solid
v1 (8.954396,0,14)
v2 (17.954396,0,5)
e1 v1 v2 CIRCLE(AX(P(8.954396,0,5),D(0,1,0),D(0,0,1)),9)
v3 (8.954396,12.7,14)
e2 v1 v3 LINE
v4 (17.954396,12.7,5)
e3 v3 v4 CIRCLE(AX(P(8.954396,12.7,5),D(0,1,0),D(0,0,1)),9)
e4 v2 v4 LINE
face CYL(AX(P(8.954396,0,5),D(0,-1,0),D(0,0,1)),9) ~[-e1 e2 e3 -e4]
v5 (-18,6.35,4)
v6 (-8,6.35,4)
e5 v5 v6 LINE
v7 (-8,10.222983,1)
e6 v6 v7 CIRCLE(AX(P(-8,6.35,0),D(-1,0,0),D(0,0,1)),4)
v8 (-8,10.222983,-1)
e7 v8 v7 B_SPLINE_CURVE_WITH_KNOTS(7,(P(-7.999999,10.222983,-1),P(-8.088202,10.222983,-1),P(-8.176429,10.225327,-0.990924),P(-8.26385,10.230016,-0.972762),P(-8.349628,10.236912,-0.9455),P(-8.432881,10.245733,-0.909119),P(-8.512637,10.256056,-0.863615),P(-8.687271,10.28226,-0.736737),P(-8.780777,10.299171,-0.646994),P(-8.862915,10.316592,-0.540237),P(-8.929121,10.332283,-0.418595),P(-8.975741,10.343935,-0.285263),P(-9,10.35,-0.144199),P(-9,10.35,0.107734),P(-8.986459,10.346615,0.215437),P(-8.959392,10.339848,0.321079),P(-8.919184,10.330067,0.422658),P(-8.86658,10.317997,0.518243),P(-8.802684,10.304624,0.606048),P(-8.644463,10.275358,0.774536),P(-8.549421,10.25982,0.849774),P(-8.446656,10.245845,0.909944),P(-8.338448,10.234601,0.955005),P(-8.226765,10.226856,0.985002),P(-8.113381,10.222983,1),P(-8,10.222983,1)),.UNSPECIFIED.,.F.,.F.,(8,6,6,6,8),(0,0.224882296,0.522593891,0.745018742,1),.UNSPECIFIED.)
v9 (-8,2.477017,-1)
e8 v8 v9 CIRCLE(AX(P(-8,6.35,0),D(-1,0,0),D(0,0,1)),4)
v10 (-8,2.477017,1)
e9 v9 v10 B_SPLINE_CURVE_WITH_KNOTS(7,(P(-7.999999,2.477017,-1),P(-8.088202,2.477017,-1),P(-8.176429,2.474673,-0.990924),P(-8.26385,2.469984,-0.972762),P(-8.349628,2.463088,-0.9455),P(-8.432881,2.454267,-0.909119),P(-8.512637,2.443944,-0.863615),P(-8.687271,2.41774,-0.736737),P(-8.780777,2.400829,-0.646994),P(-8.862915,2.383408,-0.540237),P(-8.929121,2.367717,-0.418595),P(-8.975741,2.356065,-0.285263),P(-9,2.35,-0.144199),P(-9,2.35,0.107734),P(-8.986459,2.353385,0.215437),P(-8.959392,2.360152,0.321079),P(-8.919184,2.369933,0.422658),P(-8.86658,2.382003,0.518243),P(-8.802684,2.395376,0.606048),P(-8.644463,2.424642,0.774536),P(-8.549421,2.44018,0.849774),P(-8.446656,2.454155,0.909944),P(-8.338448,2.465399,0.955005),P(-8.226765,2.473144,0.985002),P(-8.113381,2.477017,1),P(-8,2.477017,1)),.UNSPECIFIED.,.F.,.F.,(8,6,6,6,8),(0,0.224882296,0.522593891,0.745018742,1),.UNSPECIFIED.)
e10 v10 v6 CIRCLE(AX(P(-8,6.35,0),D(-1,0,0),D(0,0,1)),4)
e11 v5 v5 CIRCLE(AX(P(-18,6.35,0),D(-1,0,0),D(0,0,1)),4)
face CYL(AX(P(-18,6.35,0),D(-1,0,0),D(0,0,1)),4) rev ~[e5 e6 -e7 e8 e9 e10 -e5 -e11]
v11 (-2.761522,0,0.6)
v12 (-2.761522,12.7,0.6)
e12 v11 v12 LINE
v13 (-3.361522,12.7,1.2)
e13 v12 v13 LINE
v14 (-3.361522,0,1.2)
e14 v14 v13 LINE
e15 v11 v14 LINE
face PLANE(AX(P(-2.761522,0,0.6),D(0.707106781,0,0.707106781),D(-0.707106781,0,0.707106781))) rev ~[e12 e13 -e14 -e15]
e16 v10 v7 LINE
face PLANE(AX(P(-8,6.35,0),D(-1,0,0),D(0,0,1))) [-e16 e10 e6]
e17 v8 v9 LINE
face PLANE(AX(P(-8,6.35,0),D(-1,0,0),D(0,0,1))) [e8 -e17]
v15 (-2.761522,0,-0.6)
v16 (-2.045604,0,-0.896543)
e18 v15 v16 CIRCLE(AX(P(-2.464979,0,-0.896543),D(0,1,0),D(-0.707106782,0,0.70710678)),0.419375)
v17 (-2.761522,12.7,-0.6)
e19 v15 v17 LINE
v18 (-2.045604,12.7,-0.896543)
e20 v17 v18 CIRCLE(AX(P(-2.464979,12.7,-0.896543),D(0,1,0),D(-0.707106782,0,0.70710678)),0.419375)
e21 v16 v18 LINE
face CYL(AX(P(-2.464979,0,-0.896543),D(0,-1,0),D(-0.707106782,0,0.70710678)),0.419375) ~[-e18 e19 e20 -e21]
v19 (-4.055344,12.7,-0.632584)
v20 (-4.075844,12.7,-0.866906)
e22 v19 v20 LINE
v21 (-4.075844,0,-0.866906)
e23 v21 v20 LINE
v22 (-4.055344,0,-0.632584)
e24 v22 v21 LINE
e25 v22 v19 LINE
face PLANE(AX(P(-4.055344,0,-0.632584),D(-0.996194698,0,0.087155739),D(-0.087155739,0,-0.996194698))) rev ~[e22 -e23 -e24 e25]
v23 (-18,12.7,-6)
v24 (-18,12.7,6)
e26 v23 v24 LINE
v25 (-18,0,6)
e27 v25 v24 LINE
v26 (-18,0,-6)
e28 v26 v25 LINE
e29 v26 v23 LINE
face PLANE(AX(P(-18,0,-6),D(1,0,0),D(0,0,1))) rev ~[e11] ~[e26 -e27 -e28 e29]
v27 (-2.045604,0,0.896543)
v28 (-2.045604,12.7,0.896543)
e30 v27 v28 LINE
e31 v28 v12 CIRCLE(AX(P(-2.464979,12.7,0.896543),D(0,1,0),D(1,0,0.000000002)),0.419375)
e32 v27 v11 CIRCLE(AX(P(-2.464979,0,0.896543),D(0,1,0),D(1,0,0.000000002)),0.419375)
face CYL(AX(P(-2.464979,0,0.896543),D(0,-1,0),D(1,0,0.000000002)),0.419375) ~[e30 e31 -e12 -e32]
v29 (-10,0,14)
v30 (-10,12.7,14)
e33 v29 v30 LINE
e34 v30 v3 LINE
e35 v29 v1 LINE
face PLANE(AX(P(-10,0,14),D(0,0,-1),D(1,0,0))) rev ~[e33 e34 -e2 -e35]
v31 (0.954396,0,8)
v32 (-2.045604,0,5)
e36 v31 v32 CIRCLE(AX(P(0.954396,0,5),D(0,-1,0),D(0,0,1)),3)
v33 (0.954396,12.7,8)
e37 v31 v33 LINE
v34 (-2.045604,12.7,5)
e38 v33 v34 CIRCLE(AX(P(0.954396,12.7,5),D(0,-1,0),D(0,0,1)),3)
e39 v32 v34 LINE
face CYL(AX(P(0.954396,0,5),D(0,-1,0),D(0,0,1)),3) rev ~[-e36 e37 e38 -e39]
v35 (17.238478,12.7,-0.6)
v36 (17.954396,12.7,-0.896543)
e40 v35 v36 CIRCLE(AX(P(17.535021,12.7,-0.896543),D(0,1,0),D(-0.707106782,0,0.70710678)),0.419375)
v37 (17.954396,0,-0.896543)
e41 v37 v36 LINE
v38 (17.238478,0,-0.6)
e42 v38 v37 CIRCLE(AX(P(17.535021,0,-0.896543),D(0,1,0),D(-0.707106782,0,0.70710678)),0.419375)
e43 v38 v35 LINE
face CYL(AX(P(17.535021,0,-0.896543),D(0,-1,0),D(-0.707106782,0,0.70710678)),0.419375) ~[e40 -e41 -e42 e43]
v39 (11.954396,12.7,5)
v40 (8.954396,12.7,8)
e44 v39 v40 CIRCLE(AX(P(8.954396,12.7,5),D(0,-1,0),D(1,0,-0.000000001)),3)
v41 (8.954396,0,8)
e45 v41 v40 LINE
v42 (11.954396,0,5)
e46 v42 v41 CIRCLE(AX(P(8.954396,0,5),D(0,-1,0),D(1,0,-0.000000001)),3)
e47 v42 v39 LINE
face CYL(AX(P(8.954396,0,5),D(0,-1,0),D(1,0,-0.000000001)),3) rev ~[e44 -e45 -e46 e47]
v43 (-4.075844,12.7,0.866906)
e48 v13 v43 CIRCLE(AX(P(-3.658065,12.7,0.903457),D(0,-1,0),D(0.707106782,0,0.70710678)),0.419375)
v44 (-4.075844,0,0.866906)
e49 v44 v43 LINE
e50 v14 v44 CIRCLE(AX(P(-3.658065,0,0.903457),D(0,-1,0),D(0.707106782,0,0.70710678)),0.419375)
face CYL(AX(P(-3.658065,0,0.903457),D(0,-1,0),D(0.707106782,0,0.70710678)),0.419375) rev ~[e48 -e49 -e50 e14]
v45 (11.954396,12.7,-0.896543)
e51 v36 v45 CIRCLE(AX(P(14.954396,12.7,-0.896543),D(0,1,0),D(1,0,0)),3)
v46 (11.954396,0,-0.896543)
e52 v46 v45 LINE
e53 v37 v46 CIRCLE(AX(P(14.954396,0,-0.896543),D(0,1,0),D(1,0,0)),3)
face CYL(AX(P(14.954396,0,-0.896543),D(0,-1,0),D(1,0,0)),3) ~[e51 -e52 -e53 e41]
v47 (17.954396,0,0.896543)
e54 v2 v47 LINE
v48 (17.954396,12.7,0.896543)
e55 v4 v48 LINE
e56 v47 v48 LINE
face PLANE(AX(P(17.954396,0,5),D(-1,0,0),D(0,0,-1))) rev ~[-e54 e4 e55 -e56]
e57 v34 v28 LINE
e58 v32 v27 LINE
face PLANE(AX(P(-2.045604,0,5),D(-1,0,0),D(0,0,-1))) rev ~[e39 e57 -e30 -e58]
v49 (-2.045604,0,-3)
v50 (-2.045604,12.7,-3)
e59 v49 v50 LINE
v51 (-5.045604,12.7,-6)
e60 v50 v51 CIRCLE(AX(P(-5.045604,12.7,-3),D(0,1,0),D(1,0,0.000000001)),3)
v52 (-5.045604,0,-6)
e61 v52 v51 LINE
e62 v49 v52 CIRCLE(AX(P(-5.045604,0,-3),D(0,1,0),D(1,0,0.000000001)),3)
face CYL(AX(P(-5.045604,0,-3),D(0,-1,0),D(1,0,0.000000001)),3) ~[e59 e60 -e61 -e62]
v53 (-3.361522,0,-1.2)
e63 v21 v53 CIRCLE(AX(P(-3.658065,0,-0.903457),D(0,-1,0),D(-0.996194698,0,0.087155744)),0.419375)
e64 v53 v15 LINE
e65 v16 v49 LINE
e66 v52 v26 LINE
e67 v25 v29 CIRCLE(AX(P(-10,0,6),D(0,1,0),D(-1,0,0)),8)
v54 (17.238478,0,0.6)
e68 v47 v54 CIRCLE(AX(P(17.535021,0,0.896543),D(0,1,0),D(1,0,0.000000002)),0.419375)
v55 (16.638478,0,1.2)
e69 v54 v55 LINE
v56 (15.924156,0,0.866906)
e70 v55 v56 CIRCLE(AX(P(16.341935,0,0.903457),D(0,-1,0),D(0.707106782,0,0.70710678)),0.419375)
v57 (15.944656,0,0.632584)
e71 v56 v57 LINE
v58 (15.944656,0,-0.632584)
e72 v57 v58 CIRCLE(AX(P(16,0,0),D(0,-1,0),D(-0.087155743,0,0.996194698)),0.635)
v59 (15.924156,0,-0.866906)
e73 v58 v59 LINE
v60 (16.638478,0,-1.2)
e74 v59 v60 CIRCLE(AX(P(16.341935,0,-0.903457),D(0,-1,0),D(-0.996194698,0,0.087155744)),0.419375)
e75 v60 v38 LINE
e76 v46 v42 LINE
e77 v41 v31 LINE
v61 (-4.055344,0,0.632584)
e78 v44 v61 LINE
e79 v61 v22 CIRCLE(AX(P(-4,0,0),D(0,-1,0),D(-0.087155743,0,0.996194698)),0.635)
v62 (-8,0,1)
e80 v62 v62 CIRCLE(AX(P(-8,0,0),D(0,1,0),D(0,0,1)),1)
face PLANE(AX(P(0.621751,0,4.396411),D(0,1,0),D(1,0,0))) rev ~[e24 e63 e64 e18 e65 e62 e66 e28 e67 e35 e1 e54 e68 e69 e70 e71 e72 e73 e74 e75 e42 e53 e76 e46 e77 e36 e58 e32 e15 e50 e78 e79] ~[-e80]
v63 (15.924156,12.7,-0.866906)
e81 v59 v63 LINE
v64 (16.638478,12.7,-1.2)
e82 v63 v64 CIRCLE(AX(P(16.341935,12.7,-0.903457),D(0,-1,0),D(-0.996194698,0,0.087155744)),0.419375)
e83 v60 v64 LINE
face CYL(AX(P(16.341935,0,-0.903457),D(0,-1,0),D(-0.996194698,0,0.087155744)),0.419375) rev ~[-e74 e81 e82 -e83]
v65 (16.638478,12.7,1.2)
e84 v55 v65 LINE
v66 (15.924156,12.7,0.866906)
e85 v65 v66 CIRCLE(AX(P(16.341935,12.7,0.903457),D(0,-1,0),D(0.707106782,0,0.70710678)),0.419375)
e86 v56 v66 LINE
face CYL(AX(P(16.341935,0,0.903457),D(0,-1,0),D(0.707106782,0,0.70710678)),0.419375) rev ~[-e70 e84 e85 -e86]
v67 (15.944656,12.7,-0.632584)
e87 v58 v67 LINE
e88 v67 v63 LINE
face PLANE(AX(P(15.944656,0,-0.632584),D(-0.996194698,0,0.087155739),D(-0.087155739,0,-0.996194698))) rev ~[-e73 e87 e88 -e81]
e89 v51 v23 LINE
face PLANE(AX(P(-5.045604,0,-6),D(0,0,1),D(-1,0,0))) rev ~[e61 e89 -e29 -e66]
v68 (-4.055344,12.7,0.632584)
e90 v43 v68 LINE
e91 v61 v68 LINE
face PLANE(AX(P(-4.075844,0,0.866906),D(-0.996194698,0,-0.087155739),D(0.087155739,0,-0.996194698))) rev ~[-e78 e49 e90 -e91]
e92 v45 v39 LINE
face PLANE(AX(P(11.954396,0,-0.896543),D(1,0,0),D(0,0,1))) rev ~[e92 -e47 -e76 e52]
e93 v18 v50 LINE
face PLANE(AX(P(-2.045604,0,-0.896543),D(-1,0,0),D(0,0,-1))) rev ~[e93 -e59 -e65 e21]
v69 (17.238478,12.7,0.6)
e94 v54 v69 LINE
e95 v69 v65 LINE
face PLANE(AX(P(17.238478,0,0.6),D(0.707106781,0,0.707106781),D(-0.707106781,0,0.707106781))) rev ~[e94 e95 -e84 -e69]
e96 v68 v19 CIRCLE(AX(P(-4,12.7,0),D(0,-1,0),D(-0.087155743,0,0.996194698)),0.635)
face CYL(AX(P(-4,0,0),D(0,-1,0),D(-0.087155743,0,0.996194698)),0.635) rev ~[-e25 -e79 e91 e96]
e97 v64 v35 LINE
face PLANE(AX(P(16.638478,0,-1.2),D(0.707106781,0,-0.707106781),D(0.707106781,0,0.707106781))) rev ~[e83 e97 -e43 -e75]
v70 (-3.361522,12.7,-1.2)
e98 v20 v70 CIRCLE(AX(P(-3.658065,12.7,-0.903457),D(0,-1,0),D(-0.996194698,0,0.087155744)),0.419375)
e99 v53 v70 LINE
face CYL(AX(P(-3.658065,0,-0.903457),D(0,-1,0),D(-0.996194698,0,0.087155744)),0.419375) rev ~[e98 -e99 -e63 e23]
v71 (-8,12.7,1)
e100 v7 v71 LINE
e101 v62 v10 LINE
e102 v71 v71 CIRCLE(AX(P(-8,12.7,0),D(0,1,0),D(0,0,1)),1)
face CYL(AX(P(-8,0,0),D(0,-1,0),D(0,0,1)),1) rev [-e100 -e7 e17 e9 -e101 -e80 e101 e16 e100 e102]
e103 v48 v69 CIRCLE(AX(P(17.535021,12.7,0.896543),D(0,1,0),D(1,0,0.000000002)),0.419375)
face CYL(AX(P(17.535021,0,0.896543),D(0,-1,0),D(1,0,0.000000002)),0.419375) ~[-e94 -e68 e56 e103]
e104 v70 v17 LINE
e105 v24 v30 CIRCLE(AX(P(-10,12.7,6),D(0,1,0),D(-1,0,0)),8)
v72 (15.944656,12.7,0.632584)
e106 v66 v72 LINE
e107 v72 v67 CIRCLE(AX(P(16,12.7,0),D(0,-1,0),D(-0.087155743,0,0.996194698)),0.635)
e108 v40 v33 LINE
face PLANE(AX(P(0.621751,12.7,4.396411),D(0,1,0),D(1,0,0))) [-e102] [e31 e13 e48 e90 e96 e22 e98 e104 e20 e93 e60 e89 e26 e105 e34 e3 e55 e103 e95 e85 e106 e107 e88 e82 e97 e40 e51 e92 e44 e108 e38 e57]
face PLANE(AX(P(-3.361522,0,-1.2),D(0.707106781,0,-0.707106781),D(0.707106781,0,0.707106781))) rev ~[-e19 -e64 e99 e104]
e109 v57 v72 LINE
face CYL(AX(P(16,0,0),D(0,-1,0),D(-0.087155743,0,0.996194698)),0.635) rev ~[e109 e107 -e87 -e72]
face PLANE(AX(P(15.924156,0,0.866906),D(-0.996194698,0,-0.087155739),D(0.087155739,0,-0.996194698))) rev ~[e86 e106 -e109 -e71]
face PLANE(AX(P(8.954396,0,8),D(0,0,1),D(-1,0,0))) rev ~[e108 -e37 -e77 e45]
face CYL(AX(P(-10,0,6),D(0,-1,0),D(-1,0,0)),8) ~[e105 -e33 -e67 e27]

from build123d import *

# Parameters (mm, degrees)
SKETCH1_R           = 1
BOSS_EXTRUDE1_DEPTH = 12.7
SKETCH2_R           = 4
CUT_EXTRUDE1_DEPTH  = 10


with BuildPart() as part:
    # Sketch1 → Boss-Extrude1 (new body)
    with BuildSketch(Plane(origin=(0, 0, 0), x_dir=(1, 0, 0), z_dir=(0, 1, 0))):
        with BuildLine():
            Line((-4.055343897, 0.632583633), (-4.075844459, 0.866906139))
            ThreePointArc((-4.075844459, 0.866906139), (-3.83530083, 1.283539926), (-3.361522369, 1.2))
            Line((-3.361522369, 1.2), (-2.761522369, 0.6))
            ThreePointArc((-2.761522369, 0.6), (-2.304491577, 0.509090923), (-2.04560443, 0.89654292))
            Line((-2.04560443, 0.89654292), (-2.04560443, 3))
            ThreePointArc((-2.04560443, 3), (-2.924284086, 5.121320344), (-5.04560443, 6))
            Line((-5.04560443, 6), (-18, 6))
            Line((-18, 6), (-18, -6))
            ThreePointArc((-18, -6), (-15.656854249, -11.656854249), (-10, -14))
            Line((-10, -14), (8.95439557, -14))
            ThreePointArc((8.95439557, -14), (15.318356601, -11.363961031), (17.95439557, -5))
            Line((17.95439557, -5), (17.95439557, -0.89654292))
            ThreePointArc((17.95439557, -0.89654292), (17.695508423, -0.509090923), (17.238477631, -0.6))
            Line((17.238477631, -0.6), (16.638477631, -1.2))
            ThreePointArc((16.638477631, -1.2), (16.16469917, -1.283539926), (15.924155541, -0.866906139))
            Line((15.924155541, -0.866906139), (15.944656103, -0.632583633))
            ThreePointArc((15.944656103, -0.632583633), (15.365, 0), (15.944656103, 0.632583633))
            Line((15.944656103, 0.632583633), (15.924155541, 0.866906139))
            ThreePointArc((15.924155541, 0.866906139), (16.16469917, 1.283539926), (16.638477631, 1.2))
            Line((16.638477631, 1.2), (17.238477631, 0.6))
            ThreePointArc((17.238477631, 0.6), (17.695508423, 0.509090923), (17.95439557, 0.89654292))
            ThreePointArc((17.95439557, 0.89654292), (14.95439557, 3.89654292), (11.95439557, 0.89654292))
            Line((11.95439557, 0.89654292), (11.95439557, -5))
            ThreePointArc((11.95439557, -5), (11.075715914, -7.121320344), (8.95439557, -8))
            Line((8.95439557, -8), (0.95439557, -8))
            ThreePointArc((0.95439557, -8), (-1.166924773, -7.121320344), (-2.04560443, -5))
            Line((-2.04560443, -5), (-2.04560443, -0.89654292))
            ThreePointArc((-2.04560443, -0.89654292), (-2.304491577, -0.509090923), (-2.761522369, -0.6))
            Line((-2.761522369, -0.6), (-3.361522369, -1.2))
            ThreePointArc((-3.361522369, -1.2), (-3.83530083, -1.283539926), (-4.075844459, -0.866906139))
            Line((-4.075844459, -0.866906139), (-4.055343897, -0.632583633))
            ThreePointArc((-4.055343897, -0.632583633), (-4.635, 0), (-4.055343897, 0.632583633))
        make_face()
        with Locations(Location((-8, 0, 0), (0, 0, 270))):
            Circle(SKETCH1_R, mode=Mode.SUBTRACT)
    extrude(amount=BOSS_EXTRUDE1_DEPTH)

    # Sketch2 → Cut-Extrude1 (cut)
    with BuildSketch(Plane.ZY.offset(18)):
        with Locations((0, 6.35)):
            Circle(SKETCH2_R)
    extrude(amount=-CUT_EXTRUDE1_DEPTH, mode=Mode.SUBTRACT)


solid = part.part
